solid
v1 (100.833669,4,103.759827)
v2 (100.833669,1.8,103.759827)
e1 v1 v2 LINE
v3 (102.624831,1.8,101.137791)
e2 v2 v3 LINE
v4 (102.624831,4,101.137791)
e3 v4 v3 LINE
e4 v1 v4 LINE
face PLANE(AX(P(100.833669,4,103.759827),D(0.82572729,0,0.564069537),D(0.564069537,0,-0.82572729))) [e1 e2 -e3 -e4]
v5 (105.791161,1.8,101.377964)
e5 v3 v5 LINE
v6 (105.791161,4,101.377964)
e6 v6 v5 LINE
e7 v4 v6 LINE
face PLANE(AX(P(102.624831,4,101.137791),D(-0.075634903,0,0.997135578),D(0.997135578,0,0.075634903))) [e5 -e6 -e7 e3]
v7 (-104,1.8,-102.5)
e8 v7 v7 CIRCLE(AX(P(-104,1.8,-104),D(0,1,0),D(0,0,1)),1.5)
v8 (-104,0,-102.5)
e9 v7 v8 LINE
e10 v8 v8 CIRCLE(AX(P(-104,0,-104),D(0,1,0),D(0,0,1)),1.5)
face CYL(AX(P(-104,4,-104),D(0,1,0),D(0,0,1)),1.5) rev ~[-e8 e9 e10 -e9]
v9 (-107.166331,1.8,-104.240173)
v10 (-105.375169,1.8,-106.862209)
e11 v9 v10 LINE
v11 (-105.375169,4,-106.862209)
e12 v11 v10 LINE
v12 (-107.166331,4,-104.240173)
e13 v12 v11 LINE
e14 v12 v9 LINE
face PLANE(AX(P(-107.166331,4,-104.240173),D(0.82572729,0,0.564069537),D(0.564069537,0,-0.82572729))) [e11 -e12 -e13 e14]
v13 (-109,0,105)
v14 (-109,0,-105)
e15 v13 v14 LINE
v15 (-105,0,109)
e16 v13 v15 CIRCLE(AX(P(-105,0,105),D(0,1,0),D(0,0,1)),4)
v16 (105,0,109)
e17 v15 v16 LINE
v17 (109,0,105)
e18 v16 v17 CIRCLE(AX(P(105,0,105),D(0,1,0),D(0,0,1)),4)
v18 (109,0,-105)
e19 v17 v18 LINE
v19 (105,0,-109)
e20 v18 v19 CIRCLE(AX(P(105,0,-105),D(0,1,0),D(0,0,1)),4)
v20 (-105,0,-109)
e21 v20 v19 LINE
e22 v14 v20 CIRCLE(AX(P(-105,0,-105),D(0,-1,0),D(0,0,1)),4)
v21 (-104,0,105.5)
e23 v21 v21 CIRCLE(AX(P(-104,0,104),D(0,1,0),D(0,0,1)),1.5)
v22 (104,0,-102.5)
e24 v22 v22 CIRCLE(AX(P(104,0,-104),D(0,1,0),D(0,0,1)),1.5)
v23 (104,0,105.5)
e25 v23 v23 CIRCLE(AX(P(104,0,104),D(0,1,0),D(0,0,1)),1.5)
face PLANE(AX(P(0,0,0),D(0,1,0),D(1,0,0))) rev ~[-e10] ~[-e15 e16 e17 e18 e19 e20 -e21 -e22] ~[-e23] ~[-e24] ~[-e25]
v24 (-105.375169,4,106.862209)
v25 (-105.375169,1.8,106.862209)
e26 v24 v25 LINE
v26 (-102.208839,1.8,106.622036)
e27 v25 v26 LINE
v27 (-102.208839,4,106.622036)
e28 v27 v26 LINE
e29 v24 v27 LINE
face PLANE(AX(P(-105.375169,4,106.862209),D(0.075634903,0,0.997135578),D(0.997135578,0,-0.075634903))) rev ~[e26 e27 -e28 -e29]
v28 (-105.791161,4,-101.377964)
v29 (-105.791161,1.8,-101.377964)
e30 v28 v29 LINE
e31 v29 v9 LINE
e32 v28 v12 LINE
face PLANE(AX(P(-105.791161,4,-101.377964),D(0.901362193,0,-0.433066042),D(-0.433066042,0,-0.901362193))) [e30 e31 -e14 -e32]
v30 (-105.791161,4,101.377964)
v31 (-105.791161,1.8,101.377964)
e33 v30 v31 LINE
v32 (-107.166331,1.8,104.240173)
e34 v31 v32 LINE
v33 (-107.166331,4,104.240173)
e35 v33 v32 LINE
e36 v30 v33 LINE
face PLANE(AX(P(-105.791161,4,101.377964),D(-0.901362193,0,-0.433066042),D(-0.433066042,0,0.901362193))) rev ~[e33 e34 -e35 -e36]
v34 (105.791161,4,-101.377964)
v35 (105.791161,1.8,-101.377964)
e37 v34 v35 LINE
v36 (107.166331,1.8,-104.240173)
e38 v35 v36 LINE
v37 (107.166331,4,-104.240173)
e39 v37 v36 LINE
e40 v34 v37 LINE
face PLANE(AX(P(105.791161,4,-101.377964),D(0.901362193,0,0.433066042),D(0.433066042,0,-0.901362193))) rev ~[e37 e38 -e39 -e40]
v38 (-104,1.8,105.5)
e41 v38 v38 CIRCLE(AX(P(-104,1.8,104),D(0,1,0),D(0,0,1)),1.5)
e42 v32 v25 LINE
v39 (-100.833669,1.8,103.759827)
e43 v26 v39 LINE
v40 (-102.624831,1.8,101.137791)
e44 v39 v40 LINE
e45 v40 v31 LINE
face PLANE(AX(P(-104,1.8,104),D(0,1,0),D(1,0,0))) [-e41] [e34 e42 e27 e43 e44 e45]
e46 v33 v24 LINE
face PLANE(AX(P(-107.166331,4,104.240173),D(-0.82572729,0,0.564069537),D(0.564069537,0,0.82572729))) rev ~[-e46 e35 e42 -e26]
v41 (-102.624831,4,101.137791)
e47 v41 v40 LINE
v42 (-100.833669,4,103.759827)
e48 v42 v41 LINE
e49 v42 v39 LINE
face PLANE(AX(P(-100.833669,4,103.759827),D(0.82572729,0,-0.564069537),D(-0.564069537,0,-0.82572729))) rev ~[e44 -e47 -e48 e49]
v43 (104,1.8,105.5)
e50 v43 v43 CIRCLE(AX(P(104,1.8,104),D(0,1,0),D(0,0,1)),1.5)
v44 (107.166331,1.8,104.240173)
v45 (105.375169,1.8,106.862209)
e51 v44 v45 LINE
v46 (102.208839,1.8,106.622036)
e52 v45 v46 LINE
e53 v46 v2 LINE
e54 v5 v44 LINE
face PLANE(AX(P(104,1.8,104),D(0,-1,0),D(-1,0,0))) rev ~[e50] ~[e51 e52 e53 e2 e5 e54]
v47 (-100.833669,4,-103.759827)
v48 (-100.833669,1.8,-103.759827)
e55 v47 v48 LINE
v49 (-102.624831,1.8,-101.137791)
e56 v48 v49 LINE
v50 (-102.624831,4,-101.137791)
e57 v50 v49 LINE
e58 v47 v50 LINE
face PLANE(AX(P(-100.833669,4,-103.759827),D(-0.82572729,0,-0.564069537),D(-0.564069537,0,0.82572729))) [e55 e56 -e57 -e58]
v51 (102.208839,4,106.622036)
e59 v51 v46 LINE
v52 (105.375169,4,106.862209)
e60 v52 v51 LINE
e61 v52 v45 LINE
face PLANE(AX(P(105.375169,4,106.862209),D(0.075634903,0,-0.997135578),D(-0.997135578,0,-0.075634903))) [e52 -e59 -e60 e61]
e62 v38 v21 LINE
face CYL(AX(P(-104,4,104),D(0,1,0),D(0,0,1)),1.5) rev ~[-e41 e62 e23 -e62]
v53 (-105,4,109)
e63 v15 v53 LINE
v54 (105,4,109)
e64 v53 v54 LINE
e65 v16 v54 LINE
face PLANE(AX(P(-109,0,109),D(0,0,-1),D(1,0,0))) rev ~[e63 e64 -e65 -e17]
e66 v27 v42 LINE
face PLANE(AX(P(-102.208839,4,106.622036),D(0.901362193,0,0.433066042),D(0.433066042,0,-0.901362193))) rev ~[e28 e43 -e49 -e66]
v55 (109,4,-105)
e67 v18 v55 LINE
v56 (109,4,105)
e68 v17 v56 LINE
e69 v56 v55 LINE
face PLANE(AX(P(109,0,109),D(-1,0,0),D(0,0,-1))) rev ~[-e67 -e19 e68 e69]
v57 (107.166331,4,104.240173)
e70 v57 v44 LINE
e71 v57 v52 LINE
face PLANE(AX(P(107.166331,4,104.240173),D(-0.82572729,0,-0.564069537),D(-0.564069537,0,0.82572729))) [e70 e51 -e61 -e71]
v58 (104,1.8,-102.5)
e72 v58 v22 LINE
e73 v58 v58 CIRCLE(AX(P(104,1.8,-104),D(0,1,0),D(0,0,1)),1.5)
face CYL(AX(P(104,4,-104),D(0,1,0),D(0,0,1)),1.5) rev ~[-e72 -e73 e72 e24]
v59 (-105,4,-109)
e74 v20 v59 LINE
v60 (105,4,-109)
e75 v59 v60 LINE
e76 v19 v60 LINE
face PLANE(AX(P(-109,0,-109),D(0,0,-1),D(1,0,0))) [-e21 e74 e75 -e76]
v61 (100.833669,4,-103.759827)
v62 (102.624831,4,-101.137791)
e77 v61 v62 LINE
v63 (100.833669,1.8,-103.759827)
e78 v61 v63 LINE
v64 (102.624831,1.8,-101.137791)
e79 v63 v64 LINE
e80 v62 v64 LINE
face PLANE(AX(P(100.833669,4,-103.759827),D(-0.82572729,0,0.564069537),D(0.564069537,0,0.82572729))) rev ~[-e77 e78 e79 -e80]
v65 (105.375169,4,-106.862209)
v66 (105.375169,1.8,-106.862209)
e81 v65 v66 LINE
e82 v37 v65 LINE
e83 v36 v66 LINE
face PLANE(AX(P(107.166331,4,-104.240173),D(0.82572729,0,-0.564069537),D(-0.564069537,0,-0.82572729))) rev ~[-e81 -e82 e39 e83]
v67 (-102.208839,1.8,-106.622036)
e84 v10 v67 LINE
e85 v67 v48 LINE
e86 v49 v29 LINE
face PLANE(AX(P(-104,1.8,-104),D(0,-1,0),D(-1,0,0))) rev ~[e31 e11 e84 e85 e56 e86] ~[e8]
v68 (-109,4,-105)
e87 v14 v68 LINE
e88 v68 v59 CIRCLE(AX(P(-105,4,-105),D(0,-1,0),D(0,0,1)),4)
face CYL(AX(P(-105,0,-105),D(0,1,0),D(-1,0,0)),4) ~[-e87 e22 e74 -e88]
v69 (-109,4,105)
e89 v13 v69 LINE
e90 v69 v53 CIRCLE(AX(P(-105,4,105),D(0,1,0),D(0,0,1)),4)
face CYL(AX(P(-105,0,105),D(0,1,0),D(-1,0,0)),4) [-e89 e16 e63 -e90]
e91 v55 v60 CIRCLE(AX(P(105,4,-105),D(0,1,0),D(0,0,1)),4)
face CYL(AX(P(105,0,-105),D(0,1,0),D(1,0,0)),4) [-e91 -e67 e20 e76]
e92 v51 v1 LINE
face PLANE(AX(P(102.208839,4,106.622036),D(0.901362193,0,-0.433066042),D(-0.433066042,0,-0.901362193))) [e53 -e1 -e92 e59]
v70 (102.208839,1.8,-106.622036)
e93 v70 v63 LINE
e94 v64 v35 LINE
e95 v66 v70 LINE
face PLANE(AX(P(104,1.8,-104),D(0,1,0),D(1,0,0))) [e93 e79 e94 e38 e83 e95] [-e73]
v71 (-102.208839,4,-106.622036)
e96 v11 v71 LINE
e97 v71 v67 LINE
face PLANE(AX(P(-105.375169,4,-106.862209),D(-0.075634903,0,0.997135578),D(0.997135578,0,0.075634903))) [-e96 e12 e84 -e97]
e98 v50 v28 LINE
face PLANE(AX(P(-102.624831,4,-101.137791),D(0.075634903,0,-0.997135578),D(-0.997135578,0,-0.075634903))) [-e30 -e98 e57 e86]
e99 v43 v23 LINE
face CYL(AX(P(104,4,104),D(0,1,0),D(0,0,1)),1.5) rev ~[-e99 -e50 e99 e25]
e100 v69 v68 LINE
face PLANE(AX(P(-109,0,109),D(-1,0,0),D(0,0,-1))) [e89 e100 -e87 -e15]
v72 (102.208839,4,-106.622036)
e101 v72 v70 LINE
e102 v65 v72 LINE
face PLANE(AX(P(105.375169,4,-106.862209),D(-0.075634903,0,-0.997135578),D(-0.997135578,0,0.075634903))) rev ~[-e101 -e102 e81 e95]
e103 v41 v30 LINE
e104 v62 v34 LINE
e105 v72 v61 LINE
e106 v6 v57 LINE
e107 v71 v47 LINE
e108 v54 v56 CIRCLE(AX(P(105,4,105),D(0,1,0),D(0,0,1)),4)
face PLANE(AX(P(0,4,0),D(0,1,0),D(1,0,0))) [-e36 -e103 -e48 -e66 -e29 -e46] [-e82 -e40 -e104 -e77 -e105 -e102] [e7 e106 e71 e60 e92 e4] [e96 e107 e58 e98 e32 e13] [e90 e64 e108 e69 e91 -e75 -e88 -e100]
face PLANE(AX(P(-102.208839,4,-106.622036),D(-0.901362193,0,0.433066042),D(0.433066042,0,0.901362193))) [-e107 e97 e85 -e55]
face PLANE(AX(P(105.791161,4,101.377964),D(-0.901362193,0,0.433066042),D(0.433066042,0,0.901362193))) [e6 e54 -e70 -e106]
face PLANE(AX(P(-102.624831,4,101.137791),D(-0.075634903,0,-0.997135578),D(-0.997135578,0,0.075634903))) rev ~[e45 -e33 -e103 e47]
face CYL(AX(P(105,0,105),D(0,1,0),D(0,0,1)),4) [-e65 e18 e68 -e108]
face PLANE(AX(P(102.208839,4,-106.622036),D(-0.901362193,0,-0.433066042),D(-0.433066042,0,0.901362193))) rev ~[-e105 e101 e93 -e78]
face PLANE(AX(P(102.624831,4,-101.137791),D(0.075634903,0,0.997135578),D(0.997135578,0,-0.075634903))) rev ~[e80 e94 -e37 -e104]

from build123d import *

# Parameters (mm, degrees)
SKETCH_1_W          = 218
SKETCH_1_H          = 218
EXTRUDE_1_DEPTH     = 4
FILLET_1_R          = 4
SKETCH_2_R          = 1.5
CUT_EXTRUDE_3_DEPTH = 2.2
SKETCH_2_3_R        = 1.5
CUT_EXTRUDE_4_DEPTH = 155.201167311


with BuildPart() as part:
    # 草图1 → 凸台-拉伸1 (new body)
    with BuildSketch(Plane(origin=(0, 0, 0), x_dir=(1, 0, 0), z_dir=(0, 1, 0))):
        Rectangle(SKETCH_1_W, SKETCH_1_H)
    extrude(amount=EXTRUDE_1_DEPTH)

    # 圆角1
    fillet_1_edges = [part.edges().sort_by_distance(p)[0] for p in [
        (-109, 2, -109),
        (109, 2, -109),
        (109, 2, 109),
        (-109, 2, 109),
    ]]
    fillet(fillet_1_edges, radius=FILLET_1_R)

    # 草图2 → 切除-拉伸3 (cut)
    # profile 1 of 4: a face of its own
    with BuildSketch(Plane(origin=(0, 4, 0), x_dir=(1, 0, 0), z_dir=(0, 1, 0))):
        Polygon((105.375169377, 106.862209377), (102.208838657, 106.622036303), (100.83366928, 103.759826926), (102.624830623, 101.137790623), (105.791161343, 101.377963697), (107.16633072, 104.240173074), align=None)
        with Locations((104, 104)):
            Circle(SKETCH_2_R, mode=Mode.SUBTRACT)
    # profile 2 of 4: a face of its own
    with BuildSketch(Plane(origin=(0, 4, 0), x_dir=(1, 0, 0), z_dir=(0, 1, 0))):
        Polygon((107.16633072, -104.240173074), (105.375169377, -106.862209377), (102.208838657, -106.622036303), (100.83366928, -103.759826926), (102.624830623, -101.137790623), (105.791161343, -101.377963697), align=None)
        with Locations((104, -104)):
            Circle(SKETCH_2_R, mode=Mode.SUBTRACT)
    # profile 3 of 4: a face of its own
    with BuildSketch(Plane(origin=(0, 4, 0), x_dir=(1, 0, 0), z_dir=(0, 1, 0))):
        Polygon((-107.16633072, -104.240173074), (-105.375169377, -106.862209377), (-102.208838657, -106.622036303), (-100.83366928, -103.759826926), (-102.624830623, -101.137790623), (-105.791161343, -101.377963697), align=None)
        with Locations((-104, -104)):
            Circle(SKETCH_2_R, mode=Mode.SUBTRACT)
    # profile 4 of 4: a face of its own
    with BuildSketch(Plane(origin=(0, 4, 0), x_dir=(1, 0, 0), z_dir=(0, 1, 0))):
        Polygon((-105.791161343, 101.377963697), (-107.16633072, 104.240173074), (-105.375169377, 106.862209377), (-102.208838657, 106.622036303), (-100.83366928, 103.759826926), (-102.624830623, 101.137790623), align=None)
        with Locations((-104, 104)):
            Circle(SKETCH_2_R, mode=Mode.SUBTRACT)
    extrude(amount=-CUT_EXTRUDE_3_DEPTH, mode=Mode.SUBTRACT)

    # 草图2<3> → 切除-拉伸4 (cut, through all)
    with BuildSketch(Plane(origin=(0, 4, 0), x_dir=(1, 0, 0), z_dir=(0, 1, 0))):
        with Locations((104, 104)):
            Circle(SKETCH_2_3_R)
        with Locations((104, -104)):
            Circle(SKETCH_2_3_R)
        with Locations((-104, -104)):
            Circle(SKETCH_2_3_R)
        with Locations((-104, 104)):
            Circle(SKETCH_2_3_R)
    extrude(amount=-CUT_EXTRUDE_4_DEPTH, mode=Mode.SUBTRACT)


solid = part.part
